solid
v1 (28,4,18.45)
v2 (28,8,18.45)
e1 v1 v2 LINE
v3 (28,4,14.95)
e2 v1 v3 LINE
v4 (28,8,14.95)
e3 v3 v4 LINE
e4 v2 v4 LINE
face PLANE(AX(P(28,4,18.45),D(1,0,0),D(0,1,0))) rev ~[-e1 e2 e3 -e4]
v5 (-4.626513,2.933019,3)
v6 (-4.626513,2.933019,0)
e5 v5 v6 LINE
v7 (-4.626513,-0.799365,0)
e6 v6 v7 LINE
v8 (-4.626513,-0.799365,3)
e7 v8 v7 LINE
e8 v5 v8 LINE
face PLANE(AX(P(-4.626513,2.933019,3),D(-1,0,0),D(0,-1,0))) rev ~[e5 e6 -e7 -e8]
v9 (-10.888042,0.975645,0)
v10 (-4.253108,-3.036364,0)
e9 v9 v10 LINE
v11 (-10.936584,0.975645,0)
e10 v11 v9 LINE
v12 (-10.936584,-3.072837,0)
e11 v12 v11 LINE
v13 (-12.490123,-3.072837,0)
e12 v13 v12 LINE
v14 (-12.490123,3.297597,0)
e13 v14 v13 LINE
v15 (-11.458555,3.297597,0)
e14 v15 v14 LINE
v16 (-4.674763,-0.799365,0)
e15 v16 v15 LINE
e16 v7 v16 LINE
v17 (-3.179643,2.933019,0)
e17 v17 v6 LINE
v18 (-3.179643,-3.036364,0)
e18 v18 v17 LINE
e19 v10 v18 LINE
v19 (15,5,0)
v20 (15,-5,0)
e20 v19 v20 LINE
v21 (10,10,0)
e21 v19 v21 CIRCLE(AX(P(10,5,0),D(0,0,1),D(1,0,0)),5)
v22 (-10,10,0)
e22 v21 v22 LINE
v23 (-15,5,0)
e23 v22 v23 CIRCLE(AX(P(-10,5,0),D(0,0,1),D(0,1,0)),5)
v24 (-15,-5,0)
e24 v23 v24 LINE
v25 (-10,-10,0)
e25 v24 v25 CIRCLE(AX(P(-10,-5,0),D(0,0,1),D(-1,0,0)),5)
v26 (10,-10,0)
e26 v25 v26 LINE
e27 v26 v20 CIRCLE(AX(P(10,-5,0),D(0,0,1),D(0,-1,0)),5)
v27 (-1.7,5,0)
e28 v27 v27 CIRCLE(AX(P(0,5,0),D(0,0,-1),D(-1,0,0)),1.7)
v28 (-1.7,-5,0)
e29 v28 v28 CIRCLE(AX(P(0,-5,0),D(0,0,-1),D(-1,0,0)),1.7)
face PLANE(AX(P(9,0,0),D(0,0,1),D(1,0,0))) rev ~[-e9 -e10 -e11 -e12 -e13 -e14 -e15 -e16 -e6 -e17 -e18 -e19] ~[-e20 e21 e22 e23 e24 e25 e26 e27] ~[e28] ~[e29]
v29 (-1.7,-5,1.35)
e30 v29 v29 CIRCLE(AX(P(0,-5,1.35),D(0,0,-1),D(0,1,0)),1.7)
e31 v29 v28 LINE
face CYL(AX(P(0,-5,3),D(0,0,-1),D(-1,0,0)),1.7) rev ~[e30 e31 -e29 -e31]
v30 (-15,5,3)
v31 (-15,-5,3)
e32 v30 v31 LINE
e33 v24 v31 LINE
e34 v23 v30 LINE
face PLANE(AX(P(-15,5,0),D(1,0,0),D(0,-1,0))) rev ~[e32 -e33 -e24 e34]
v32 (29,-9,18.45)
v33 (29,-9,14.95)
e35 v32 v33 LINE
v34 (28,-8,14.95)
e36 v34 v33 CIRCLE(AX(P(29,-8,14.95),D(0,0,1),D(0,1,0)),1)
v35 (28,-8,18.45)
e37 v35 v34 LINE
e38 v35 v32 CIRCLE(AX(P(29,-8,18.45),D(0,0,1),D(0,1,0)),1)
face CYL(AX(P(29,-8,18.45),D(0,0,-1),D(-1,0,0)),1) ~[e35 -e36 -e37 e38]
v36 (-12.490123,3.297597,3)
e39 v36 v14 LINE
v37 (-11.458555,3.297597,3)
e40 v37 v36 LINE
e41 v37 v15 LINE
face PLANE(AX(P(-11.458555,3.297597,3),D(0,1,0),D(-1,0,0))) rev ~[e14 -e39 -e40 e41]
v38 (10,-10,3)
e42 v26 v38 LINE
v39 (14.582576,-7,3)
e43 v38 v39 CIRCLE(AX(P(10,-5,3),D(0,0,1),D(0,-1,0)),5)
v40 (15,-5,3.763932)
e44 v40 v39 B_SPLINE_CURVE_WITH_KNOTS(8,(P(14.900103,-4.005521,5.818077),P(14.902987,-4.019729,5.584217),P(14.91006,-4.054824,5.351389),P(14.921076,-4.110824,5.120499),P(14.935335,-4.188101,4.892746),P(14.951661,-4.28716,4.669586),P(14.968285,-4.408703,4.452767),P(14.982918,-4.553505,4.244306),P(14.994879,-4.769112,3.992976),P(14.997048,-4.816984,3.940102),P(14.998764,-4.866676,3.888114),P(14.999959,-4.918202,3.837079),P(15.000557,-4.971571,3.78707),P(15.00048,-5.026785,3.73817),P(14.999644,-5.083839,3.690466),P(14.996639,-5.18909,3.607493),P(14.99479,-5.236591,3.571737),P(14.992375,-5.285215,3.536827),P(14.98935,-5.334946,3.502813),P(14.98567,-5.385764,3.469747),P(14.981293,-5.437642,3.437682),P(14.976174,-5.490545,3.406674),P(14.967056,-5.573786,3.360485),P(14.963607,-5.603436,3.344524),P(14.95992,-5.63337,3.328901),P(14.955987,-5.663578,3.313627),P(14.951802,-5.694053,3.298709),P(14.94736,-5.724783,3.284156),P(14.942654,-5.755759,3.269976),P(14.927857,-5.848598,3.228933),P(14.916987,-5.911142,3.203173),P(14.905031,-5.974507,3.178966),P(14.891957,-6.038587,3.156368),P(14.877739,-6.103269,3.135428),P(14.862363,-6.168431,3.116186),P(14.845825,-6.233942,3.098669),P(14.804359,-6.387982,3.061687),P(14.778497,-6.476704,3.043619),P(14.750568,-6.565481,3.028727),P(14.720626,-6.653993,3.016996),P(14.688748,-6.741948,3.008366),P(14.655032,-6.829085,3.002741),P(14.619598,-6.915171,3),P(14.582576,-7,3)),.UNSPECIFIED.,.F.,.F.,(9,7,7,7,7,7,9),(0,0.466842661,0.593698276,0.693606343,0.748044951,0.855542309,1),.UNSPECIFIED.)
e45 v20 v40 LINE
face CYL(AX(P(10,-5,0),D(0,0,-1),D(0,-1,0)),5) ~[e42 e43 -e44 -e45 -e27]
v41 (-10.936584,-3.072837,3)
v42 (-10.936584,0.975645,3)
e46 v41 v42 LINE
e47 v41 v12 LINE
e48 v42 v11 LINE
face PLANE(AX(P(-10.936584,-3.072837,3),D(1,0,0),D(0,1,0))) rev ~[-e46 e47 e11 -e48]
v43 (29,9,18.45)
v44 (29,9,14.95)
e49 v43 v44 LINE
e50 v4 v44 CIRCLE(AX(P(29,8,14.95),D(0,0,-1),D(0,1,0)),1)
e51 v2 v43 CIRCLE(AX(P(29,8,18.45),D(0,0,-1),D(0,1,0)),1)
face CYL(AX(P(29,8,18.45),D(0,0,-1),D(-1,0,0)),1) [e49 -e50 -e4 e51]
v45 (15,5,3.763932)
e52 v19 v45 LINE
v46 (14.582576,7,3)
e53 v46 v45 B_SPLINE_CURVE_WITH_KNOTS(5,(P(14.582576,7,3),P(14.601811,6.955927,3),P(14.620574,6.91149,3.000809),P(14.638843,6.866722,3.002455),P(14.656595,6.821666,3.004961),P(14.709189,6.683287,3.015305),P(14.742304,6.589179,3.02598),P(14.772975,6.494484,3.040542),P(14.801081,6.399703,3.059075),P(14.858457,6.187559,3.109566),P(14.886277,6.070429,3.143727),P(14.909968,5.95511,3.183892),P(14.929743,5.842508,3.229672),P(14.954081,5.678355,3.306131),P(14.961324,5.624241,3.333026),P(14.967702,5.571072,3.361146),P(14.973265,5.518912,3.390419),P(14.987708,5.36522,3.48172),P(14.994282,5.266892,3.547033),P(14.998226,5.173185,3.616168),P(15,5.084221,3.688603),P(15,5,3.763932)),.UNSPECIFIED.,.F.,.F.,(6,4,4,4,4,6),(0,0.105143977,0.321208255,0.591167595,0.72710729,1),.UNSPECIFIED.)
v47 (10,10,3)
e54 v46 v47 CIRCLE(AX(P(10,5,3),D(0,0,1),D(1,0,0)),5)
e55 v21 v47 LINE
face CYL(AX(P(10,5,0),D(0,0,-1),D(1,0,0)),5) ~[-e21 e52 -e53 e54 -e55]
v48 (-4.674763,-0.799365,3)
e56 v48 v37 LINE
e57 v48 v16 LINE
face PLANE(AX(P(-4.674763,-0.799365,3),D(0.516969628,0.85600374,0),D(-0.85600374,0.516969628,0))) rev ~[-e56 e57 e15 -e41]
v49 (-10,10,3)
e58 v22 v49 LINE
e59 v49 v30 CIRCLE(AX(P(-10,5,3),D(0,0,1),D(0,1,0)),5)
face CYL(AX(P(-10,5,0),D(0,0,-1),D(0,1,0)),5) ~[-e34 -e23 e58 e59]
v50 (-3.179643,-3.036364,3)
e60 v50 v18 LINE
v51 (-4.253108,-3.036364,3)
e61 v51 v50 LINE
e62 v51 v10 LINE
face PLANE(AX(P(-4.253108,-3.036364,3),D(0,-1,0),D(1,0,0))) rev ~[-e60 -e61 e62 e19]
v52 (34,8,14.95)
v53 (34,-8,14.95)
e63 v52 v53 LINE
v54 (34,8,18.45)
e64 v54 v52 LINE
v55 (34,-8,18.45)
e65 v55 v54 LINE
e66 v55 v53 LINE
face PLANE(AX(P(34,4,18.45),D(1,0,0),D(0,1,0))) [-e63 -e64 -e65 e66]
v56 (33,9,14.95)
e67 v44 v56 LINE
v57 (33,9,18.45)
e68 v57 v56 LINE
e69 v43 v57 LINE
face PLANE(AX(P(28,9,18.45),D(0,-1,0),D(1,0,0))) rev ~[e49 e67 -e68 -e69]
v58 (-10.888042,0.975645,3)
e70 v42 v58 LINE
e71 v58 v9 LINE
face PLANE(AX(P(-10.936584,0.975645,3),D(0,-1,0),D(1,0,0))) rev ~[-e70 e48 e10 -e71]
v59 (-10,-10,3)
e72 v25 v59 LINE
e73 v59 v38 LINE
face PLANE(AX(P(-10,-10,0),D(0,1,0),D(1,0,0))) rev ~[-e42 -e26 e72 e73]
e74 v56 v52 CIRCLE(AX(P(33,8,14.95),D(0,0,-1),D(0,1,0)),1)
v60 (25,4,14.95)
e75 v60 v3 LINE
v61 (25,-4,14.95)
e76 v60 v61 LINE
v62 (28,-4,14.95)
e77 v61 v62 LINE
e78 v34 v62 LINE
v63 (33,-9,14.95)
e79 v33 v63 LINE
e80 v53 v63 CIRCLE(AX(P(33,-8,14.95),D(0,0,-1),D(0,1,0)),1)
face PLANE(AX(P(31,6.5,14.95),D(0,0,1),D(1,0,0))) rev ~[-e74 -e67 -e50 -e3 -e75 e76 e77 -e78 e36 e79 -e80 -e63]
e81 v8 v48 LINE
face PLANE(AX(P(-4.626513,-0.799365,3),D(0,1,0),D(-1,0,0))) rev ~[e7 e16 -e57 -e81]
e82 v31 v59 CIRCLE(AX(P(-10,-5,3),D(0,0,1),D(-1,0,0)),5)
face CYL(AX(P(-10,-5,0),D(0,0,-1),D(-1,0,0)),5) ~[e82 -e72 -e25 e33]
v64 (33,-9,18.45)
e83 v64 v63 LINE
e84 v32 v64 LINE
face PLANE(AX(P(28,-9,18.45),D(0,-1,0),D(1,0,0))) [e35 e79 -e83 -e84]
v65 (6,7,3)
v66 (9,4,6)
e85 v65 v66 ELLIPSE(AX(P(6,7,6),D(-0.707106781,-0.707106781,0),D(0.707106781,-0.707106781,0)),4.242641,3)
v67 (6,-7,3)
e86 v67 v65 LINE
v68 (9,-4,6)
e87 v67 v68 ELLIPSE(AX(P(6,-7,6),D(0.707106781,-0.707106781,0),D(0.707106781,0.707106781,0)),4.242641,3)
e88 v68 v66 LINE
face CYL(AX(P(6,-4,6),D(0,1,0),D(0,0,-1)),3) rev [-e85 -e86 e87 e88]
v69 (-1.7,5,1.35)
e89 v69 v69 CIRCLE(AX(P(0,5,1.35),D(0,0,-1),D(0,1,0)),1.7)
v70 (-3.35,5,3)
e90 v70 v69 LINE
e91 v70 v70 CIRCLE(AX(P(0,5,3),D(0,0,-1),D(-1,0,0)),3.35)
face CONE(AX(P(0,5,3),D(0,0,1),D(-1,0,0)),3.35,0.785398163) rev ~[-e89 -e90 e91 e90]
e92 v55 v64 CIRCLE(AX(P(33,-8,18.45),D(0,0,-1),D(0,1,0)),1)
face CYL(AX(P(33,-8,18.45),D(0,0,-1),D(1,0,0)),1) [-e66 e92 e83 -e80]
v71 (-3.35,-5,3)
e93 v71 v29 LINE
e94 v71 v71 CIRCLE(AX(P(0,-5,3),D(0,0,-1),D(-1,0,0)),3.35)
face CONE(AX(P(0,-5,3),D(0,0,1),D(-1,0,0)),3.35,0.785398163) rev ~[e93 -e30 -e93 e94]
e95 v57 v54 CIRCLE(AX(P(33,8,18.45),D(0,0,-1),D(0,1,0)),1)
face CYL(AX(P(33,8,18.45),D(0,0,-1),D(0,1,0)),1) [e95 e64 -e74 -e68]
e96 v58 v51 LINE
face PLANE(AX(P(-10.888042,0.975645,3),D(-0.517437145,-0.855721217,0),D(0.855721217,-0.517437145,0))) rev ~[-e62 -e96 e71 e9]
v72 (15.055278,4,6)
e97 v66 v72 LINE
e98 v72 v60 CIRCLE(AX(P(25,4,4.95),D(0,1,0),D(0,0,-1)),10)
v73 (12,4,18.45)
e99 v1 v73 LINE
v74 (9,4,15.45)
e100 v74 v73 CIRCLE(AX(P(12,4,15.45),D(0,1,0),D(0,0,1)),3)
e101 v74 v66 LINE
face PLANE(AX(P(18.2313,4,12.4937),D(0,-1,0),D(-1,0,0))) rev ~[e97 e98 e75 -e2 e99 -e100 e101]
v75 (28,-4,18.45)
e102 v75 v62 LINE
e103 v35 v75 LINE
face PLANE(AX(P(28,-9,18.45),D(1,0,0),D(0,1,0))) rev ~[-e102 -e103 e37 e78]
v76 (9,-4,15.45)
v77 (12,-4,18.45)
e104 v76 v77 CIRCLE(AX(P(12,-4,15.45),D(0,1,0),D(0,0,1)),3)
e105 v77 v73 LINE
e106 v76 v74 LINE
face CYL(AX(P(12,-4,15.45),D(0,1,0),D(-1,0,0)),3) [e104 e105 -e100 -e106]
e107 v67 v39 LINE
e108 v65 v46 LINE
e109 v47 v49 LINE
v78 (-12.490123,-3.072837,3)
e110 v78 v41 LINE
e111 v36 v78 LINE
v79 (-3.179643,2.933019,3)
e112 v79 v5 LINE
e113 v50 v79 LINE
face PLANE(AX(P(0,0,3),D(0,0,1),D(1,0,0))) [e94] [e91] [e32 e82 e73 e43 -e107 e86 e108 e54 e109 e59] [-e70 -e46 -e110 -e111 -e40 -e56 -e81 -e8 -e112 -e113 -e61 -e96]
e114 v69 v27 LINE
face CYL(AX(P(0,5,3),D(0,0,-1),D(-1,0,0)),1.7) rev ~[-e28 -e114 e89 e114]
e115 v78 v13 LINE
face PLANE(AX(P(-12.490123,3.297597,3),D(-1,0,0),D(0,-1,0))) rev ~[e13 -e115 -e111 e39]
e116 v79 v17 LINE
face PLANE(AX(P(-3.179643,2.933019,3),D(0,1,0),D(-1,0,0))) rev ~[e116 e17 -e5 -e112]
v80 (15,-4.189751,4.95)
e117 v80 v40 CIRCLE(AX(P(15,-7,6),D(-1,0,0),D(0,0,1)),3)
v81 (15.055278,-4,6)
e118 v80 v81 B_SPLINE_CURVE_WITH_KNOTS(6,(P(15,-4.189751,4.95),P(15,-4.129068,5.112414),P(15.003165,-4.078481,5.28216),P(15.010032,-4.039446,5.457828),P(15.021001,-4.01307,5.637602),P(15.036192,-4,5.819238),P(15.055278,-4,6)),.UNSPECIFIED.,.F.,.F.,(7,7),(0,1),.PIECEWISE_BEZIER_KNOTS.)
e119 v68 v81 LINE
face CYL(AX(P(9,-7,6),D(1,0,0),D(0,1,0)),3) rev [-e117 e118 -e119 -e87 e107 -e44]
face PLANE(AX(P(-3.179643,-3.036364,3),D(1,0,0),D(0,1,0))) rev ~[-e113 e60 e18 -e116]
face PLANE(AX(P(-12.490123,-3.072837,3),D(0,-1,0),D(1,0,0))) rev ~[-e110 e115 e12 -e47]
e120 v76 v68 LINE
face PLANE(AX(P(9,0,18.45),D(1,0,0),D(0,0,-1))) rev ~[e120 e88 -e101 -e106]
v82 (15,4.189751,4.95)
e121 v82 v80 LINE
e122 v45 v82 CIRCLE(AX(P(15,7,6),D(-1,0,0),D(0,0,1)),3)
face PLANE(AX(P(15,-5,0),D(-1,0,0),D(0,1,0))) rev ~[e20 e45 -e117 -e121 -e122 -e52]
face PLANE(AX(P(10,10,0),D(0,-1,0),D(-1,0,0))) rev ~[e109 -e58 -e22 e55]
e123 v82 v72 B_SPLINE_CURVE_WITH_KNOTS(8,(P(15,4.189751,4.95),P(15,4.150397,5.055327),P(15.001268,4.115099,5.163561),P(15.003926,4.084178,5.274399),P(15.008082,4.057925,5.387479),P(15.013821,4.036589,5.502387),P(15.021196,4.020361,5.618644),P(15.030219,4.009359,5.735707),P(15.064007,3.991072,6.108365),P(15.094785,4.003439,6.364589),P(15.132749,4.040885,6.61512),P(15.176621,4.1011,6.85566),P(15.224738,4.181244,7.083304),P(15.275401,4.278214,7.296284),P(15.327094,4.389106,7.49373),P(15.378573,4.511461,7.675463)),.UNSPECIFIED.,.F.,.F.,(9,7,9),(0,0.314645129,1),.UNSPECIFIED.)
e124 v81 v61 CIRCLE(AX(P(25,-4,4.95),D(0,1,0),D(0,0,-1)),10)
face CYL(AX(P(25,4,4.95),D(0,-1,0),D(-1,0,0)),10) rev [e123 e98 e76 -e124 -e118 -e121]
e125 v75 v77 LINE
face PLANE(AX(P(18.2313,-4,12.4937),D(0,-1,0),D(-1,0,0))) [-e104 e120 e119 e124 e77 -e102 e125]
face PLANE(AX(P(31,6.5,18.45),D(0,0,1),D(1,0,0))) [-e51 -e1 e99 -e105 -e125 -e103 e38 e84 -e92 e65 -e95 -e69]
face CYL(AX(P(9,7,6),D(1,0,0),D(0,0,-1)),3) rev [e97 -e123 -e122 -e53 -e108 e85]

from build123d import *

# Parameters (mm, degrees)
BOSS_EXTRUDE1_DEPTH                                 = 3
BOSS_EXTRUDE2_DEPTH                                 = 4
SKETCH3_W                                           = 6
SKETCH3_H                                           = 5
BOSS_EXTRUDE3_DEPTH                                 = 3.5
FILLET1_R                                           = 3
FILLET3_R                                           = 10
CSK_FOR_M3_COUNTERSUNK_FLAT_HEAD_SCREW1_D           = 3.4
CSK_FOR_M3_COUNTERSUNK_FLAT_HEAD_SCREW1_DEPTH       = 20
CSK_FOR_M3_COUNTERSUNK_FLAT_HEAD_SCREW1_CSINK_D     = 6.7
CSK_FOR_M3_COUNTERSUNK_FLAT_HEAD_SCREW1_CSINK_ANGLE = 90
CSK_FOR_M3_COUNTERSUNK_FLAT_HEAD_SCREW1_TIP         = 1.021463052
CUT_EXTRUDE1_DEPTH                                  = 10
FILLET4_R                                           = 1


with BuildPart() as part:
    # Sketch1 → Boss-Extrude1 (new body)
    with BuildSketch(Plane.XY):
        with BuildLine():
            Line((-10, -10), (10, -10))
            ThreePointArc((10, -10), (13.535533906, -8.535533906), (15, -5))
            Line((15, -5), (15, 5))
            ThreePointArc((15, 5), (13.535533906, 8.535533906), (10, 10))
            Line((10, 10), (-10, 10))
            ThreePointArc((-10, 10), (-13.535533906, 8.535533906), (-15, 5))
            Line((-15, 5), (-15, -5))
            ThreePointArc((-15, -5), (-13.535533906, -8.535533906), (-10, -10))
        make_face()
    extrude(amount=BOSS_EXTRUDE1_DEPTH)

    # Sketch2 → Boss-Extrude2 (add, symmetric)
    with BuildSketch(Plane(origin=(0, 0, 0), x_dir=(1, 0, 0), z_dir=(0, 1, 0))):
        Polygon((15, 0), (15, -14.95), (34, -14.95), (34, -18.45), (9, -18.45), (9, 0), align=None)
    extrude(amount=BOSS_EXTRUDE2_DEPTH, both=True)

    # Sketch3 → Boss-Extrude3 (add)
    with BuildSketch(Plane.XY.offset(18.45)):
        with Locations((31, 6.5)):
            Rectangle(SKETCH3_W, SKETCH3_H)
        with Locations((31, -6.5)):
            Rectangle(SKETCH3_W, SKETCH3_H)
    extrude(amount=-BOSS_EXTRUDE3_DEPTH)

    # Fillet1
    fillet1_edges = [part.edges().sort_by_distance(p)[0] for p in [
        (12, 4, 3),
        (9, 0, 3),
        (12, -4, 3),
        (9, 0, 18.45),
    ]]
    fillet(fillet1_edges, radius=FILLET1_R)

    # Fillet3
    fillet3_edges = [part.edges().sort_by_distance(p)[0] for p in [
        (15, 0, 14.95),
    ]]
    fillet(fillet3_edges, radius=FILLET3_R)

    # CSK for M3 Countersunk Flat Head Screw1
    with Locations(Plane(origin=(0, 5, 3), x_dir=(1, 0, 0), z_dir=(0, 0, 1))):
        with Locations((0, 0), (0, -10)):
            CounterSinkHole(CSK_FOR_M3_COUNTERSUNK_FLAT_HEAD_SCREW1_D / 2, CSK_FOR_M3_COUNTERSUNK_FLAT_HEAD_SCREW1_CSINK_D / 2, depth=CSK_FOR_M3_COUNTERSUNK_FLAT_HEAD_SCREW1_DEPTH, counter_sink_angle=CSK_FOR_M3_COUNTERSUNK_FLAT_HEAD_SCREW1_CSINK_ANGLE)
            with Locations((0, 0, -(CSK_FOR_M3_COUNTERSUNK_FLAT_HEAD_SCREW1_DEPTH + CSK_FOR_M3_COUNTERSUNK_FLAT_HEAD_SCREW1_TIP / 2))):  # 118° drill point
                Cone(0, CSK_FOR_M3_COUNTERSUNK_FLAT_HEAD_SCREW1_D / 2, CSK_FOR_M3_COUNTERSUNK_FLAT_HEAD_SCREW1_TIP, mode=Mode.SUBTRACT)

    # Sketch6 → Cut-Extrude1 (cut)
    with BuildSketch(Plane.XY.offset(3)):
        Polygon((-3.179643035, 2.933019371), (-4.626512789, 2.933019371), (-4.626512789, -0.799365029), (-4.67476253, -0.799365029), (-11.458554614, 3.29759659), (-12.490123019, 3.29759659), (-12.490123019, -3.072836961), (-10.93658358, -3.072836961), (-10.93658358, 0.975645142), (-10.888042331, 0.975645142), (-4.253108018, -3.036364149), (-3.179643035, -3.036364149), align=None)
    extrude(amount=-CUT_EXTRUDE1_DEPTH, mode=Mode.SUBTRACT)

    # Fillet4
    fillet4_edges = [part.edges().sort_by_distance(p)[0] for p in [
        (34, 9, 16.7),
        (28, 9, 16.7),
        (34, -9, 16.7),
        (28, -9, 16.7),
    ]]
    fillet(fillet4_edges, radius=FILLET4_R)


solid = part.part
